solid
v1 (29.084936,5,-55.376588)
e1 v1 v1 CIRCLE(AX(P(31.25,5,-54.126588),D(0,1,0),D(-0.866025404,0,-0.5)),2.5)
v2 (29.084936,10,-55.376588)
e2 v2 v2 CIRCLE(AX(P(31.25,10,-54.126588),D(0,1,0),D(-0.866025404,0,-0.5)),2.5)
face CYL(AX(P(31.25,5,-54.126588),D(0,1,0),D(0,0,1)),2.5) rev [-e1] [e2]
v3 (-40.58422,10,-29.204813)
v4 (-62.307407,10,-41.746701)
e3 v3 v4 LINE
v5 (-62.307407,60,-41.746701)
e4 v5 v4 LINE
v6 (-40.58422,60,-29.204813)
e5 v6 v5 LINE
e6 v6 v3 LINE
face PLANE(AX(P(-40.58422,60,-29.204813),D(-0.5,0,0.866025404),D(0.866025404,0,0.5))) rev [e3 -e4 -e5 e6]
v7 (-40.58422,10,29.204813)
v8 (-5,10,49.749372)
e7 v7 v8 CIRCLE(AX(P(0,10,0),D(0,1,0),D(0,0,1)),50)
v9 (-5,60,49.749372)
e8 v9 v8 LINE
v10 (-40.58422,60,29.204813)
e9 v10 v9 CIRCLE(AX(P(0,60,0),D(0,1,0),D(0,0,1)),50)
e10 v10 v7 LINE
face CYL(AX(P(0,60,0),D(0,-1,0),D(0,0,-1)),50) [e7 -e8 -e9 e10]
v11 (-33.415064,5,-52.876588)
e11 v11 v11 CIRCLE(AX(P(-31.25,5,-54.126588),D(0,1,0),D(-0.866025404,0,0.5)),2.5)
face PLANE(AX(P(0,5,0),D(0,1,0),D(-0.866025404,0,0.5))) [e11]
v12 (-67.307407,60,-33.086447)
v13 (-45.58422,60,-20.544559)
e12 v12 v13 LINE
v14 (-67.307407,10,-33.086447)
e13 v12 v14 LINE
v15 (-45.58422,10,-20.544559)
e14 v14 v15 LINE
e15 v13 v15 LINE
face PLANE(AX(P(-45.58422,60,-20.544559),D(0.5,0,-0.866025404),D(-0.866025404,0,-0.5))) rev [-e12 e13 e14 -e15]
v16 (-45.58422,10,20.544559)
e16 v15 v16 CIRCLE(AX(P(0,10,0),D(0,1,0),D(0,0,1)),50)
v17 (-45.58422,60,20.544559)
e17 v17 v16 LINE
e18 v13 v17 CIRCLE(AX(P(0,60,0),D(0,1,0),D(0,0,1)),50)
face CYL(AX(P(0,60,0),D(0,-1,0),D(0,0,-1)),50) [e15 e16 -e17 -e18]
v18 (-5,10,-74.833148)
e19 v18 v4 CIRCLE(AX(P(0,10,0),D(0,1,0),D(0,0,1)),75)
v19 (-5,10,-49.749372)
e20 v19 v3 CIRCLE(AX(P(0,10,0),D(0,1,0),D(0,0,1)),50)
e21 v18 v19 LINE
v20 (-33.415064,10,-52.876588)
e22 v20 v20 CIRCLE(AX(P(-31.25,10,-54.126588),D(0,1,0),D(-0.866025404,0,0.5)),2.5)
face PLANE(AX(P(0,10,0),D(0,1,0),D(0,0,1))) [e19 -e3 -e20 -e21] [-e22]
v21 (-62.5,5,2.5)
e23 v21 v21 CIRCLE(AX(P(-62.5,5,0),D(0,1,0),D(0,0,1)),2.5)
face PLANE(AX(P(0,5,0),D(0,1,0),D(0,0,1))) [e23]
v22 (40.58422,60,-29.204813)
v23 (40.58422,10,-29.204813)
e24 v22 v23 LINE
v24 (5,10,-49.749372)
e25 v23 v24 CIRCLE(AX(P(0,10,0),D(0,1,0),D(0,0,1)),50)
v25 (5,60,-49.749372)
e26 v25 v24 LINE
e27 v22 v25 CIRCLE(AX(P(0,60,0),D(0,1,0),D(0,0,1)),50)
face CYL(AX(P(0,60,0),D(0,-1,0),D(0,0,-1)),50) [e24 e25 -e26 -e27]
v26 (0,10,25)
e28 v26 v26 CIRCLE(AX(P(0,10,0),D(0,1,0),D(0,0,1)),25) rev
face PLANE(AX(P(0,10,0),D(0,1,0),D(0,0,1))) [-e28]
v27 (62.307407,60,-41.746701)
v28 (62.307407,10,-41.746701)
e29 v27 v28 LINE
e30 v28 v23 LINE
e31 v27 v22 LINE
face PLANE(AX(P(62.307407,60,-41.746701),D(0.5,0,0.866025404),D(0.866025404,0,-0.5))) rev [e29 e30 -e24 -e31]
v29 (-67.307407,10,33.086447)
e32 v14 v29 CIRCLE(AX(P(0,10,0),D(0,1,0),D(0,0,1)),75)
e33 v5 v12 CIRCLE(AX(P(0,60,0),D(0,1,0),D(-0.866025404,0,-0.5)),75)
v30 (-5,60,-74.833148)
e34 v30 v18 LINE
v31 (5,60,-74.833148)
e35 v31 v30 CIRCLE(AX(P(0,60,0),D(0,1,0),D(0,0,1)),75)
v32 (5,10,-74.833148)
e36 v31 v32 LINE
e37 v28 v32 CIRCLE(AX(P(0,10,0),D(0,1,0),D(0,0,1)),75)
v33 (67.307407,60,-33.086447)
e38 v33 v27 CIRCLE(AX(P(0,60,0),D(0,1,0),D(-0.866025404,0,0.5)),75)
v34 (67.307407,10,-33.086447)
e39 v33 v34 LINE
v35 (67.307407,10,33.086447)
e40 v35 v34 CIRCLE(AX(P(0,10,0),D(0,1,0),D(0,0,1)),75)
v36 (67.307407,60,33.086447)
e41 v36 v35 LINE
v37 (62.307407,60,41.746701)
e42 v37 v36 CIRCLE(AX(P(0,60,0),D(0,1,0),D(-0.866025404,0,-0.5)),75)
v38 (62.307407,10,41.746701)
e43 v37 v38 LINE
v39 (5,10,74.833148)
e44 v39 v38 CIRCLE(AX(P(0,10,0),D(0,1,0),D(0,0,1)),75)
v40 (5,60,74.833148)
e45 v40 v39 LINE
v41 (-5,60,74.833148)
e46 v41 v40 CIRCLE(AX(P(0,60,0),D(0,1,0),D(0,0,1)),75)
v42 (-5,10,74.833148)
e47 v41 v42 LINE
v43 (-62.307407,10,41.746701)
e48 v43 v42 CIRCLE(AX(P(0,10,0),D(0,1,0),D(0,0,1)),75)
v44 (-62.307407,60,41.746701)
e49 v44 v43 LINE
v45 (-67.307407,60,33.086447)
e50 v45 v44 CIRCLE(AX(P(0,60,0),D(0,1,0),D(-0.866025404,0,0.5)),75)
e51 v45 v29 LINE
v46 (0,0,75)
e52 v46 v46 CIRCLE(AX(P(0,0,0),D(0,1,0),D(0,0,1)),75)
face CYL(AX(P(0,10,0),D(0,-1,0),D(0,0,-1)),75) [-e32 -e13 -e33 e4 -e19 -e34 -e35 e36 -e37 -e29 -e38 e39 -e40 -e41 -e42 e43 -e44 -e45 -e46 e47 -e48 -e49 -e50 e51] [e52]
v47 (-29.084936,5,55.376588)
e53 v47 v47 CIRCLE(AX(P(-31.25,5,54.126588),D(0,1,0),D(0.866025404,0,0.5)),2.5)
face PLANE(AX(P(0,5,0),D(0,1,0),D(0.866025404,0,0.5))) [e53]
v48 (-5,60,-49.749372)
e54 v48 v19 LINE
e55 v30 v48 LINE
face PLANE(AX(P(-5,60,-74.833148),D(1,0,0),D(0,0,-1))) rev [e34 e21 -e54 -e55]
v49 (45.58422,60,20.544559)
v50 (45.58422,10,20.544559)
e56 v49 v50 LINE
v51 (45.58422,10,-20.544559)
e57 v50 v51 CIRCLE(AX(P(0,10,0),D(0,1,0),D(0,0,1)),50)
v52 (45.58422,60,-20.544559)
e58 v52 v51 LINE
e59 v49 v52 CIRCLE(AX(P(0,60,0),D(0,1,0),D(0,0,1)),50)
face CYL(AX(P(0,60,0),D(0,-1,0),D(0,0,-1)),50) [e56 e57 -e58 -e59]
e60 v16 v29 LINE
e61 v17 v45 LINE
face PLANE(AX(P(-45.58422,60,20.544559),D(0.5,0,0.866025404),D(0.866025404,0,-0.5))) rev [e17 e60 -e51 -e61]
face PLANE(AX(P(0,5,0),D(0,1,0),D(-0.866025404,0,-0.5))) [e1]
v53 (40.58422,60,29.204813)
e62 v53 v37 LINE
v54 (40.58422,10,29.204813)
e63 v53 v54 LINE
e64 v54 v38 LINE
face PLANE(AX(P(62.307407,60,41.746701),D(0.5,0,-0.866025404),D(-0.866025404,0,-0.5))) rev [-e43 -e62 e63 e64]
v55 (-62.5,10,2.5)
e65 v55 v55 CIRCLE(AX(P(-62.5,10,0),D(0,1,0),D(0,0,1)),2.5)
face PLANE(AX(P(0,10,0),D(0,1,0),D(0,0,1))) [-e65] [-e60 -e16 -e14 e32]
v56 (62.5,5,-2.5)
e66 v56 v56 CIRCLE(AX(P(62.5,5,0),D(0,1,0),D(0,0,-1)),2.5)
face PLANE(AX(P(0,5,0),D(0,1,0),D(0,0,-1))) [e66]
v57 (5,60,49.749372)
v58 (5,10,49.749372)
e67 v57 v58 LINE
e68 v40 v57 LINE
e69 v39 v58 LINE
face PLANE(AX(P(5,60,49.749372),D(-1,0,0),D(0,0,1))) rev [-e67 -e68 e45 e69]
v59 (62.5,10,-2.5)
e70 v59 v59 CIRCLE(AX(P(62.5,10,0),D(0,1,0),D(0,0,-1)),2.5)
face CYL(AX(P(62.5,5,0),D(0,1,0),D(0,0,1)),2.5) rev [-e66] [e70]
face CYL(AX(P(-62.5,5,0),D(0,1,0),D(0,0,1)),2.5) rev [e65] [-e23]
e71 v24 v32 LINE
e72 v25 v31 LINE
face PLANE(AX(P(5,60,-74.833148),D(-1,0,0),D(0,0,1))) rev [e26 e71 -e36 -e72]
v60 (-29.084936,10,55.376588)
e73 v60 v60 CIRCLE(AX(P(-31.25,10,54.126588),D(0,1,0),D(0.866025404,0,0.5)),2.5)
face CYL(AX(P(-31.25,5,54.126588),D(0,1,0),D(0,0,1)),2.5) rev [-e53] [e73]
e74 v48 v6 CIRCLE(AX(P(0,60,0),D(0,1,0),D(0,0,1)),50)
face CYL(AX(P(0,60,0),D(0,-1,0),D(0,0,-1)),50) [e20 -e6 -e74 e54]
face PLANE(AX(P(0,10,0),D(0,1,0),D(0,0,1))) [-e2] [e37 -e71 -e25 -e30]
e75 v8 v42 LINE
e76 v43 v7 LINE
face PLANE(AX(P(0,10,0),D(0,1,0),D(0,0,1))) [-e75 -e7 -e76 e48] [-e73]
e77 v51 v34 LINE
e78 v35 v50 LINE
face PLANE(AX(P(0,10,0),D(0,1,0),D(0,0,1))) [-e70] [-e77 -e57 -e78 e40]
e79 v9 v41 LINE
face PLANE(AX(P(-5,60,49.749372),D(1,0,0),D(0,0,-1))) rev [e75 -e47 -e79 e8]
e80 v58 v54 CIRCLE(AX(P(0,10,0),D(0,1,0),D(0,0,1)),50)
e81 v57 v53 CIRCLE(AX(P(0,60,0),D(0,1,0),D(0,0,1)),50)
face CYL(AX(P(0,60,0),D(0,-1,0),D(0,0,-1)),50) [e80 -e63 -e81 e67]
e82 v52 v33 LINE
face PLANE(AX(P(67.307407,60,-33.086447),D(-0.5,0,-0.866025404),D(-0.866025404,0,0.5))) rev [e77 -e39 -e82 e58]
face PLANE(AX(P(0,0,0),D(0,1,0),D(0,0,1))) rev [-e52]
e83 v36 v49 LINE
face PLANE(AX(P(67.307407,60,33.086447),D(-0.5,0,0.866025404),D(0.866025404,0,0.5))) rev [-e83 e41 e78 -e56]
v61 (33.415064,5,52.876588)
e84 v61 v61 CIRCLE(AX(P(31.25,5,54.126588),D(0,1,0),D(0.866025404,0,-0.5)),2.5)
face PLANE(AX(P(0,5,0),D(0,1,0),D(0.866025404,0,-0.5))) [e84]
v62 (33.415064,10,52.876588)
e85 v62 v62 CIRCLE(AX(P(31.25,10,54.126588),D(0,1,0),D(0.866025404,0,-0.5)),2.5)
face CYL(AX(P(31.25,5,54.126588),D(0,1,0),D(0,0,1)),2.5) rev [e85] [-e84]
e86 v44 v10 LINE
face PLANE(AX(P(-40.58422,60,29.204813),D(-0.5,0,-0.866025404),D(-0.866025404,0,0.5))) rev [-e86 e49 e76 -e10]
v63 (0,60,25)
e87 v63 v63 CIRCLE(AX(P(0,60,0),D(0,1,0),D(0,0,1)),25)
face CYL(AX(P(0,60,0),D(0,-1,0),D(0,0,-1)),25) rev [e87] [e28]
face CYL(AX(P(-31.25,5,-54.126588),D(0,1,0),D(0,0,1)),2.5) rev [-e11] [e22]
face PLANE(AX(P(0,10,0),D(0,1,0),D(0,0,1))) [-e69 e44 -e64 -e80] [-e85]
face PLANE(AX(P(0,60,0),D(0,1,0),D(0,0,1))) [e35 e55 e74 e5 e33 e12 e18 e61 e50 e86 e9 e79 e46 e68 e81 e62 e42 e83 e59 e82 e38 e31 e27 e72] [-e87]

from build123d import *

# Parameters (mm, degrees)
SKETCH1_R           = 75
BOSS_EXTRUDE1_DEPTH = 10
SKETCH2_R           = 50
SKETCH2_R_2         = 25
BOSS_EXTRUDE2_DEPTH = 50
BOSS_EXTRUDE4_DEPTH = 50
CIRPATTERN2_COUNT   = 6
SKETCH5_R           = 2.5
CUT_EXTRUDE5_DEPTH  = 5
CIRPATTERN3_COUNT   = 6


with BuildPart() as part:
    # Sketch1 → Boss-Extrude1 (new body)
    with BuildSketch(Plane(origin=(0, 0, 0), x_dir=(1, 0, 0), z_dir=(0, 1, 0))):
        with Locations(Location((0, 0, 0), (0, 0, 270))):
            Circle(SKETCH1_R)
    extrude(amount=BOSS_EXTRUDE1_DEPTH)

    # Sketch2 → Boss-Extrude2 (add)
    with BuildSketch(Plane(origin=(0, 10, 0), x_dir=(1, 0, 0), z_dir=(0, 1, 0))):
        with Locations(Location((0, 0, 0), (0, 0, 270))):
            Circle(SKETCH2_R)
        with Locations(Location((0, 0, 0), (0, 0, 270))):
            Circle(SKETCH2_R_2, mode=Mode.SUBTRACT)
    extrude(amount=BOSS_EXTRUDE2_DEPTH)

    # Sketch3 → Boss-Extrude4 (add)
    with BuildSketch(Plane(origin=(0, 10, 0), x_dir=(1, 0, 0), z_dir=(0, 1, 0))):
        with BuildLine():
            ThreePointArc((5, 74.833147735), (0, 75), (-5, 74.833147735))
            Line((-5, 74.833147735), (-5, 49.749371855))
            ThreePointArc((-5, 49.749371855), (0, 50), (5, 49.749371855))
            Line((5, 49.749371855), (5, 74.833147735))
        make_face()
        with BuildLine():
            Line((5, -74.833147735), (5, -49.749371855))
            ThreePointArc((5, -49.749371855), (0, -50), (-5, -49.749371855))
            Line((-5, -49.749371855), (-5, -74.833147735))
            ThreePointArc((-5, -74.833147735), (0, -75), (5, -74.833147735))
        make_face()
    boss_extrude4 = extrude(amount=BOSS_EXTRUDE4_DEPTH)

    # CirPattern2: Boss-Extrude4 ×6 about axis
    cirpattern2_axis = Axis((0, 0, 0), (0, 1, 0))
    for i in range(1, CIRPATTERN2_COUNT):
        add(boss_extrude4.rotate(cirpattern2_axis, i * 360 / CIRPATTERN2_COUNT))

    # Sketch5 → Cut-Extrude5 (cut)
    with BuildSketch(Plane(origin=(0, 10, 0), x_dir=(1, 0, 0), z_dir=(0, 1, 0))):
        with Locations(Location((-62.5, 0, 0), (0, 0, 270))):
            Circle(SKETCH5_R)
    cut_extrude5 = extrude(amount=-CUT_EXTRUDE5_DEPTH, mode=Mode.SUBTRACT)

    # CirPattern3: Cut-Extrude5 ×6 about axis
    cirpattern3_axis = Axis((0, 0, 0), (0, 1, 0))
    for i in range(1, CIRPATTERN3_COUNT):
        add(cut_extrude5.rotate(cirpattern3_axis, i * 360 / CIRPATTERN3_COUNT), mode=Mode.SUBTRACT)


solid = part.part
